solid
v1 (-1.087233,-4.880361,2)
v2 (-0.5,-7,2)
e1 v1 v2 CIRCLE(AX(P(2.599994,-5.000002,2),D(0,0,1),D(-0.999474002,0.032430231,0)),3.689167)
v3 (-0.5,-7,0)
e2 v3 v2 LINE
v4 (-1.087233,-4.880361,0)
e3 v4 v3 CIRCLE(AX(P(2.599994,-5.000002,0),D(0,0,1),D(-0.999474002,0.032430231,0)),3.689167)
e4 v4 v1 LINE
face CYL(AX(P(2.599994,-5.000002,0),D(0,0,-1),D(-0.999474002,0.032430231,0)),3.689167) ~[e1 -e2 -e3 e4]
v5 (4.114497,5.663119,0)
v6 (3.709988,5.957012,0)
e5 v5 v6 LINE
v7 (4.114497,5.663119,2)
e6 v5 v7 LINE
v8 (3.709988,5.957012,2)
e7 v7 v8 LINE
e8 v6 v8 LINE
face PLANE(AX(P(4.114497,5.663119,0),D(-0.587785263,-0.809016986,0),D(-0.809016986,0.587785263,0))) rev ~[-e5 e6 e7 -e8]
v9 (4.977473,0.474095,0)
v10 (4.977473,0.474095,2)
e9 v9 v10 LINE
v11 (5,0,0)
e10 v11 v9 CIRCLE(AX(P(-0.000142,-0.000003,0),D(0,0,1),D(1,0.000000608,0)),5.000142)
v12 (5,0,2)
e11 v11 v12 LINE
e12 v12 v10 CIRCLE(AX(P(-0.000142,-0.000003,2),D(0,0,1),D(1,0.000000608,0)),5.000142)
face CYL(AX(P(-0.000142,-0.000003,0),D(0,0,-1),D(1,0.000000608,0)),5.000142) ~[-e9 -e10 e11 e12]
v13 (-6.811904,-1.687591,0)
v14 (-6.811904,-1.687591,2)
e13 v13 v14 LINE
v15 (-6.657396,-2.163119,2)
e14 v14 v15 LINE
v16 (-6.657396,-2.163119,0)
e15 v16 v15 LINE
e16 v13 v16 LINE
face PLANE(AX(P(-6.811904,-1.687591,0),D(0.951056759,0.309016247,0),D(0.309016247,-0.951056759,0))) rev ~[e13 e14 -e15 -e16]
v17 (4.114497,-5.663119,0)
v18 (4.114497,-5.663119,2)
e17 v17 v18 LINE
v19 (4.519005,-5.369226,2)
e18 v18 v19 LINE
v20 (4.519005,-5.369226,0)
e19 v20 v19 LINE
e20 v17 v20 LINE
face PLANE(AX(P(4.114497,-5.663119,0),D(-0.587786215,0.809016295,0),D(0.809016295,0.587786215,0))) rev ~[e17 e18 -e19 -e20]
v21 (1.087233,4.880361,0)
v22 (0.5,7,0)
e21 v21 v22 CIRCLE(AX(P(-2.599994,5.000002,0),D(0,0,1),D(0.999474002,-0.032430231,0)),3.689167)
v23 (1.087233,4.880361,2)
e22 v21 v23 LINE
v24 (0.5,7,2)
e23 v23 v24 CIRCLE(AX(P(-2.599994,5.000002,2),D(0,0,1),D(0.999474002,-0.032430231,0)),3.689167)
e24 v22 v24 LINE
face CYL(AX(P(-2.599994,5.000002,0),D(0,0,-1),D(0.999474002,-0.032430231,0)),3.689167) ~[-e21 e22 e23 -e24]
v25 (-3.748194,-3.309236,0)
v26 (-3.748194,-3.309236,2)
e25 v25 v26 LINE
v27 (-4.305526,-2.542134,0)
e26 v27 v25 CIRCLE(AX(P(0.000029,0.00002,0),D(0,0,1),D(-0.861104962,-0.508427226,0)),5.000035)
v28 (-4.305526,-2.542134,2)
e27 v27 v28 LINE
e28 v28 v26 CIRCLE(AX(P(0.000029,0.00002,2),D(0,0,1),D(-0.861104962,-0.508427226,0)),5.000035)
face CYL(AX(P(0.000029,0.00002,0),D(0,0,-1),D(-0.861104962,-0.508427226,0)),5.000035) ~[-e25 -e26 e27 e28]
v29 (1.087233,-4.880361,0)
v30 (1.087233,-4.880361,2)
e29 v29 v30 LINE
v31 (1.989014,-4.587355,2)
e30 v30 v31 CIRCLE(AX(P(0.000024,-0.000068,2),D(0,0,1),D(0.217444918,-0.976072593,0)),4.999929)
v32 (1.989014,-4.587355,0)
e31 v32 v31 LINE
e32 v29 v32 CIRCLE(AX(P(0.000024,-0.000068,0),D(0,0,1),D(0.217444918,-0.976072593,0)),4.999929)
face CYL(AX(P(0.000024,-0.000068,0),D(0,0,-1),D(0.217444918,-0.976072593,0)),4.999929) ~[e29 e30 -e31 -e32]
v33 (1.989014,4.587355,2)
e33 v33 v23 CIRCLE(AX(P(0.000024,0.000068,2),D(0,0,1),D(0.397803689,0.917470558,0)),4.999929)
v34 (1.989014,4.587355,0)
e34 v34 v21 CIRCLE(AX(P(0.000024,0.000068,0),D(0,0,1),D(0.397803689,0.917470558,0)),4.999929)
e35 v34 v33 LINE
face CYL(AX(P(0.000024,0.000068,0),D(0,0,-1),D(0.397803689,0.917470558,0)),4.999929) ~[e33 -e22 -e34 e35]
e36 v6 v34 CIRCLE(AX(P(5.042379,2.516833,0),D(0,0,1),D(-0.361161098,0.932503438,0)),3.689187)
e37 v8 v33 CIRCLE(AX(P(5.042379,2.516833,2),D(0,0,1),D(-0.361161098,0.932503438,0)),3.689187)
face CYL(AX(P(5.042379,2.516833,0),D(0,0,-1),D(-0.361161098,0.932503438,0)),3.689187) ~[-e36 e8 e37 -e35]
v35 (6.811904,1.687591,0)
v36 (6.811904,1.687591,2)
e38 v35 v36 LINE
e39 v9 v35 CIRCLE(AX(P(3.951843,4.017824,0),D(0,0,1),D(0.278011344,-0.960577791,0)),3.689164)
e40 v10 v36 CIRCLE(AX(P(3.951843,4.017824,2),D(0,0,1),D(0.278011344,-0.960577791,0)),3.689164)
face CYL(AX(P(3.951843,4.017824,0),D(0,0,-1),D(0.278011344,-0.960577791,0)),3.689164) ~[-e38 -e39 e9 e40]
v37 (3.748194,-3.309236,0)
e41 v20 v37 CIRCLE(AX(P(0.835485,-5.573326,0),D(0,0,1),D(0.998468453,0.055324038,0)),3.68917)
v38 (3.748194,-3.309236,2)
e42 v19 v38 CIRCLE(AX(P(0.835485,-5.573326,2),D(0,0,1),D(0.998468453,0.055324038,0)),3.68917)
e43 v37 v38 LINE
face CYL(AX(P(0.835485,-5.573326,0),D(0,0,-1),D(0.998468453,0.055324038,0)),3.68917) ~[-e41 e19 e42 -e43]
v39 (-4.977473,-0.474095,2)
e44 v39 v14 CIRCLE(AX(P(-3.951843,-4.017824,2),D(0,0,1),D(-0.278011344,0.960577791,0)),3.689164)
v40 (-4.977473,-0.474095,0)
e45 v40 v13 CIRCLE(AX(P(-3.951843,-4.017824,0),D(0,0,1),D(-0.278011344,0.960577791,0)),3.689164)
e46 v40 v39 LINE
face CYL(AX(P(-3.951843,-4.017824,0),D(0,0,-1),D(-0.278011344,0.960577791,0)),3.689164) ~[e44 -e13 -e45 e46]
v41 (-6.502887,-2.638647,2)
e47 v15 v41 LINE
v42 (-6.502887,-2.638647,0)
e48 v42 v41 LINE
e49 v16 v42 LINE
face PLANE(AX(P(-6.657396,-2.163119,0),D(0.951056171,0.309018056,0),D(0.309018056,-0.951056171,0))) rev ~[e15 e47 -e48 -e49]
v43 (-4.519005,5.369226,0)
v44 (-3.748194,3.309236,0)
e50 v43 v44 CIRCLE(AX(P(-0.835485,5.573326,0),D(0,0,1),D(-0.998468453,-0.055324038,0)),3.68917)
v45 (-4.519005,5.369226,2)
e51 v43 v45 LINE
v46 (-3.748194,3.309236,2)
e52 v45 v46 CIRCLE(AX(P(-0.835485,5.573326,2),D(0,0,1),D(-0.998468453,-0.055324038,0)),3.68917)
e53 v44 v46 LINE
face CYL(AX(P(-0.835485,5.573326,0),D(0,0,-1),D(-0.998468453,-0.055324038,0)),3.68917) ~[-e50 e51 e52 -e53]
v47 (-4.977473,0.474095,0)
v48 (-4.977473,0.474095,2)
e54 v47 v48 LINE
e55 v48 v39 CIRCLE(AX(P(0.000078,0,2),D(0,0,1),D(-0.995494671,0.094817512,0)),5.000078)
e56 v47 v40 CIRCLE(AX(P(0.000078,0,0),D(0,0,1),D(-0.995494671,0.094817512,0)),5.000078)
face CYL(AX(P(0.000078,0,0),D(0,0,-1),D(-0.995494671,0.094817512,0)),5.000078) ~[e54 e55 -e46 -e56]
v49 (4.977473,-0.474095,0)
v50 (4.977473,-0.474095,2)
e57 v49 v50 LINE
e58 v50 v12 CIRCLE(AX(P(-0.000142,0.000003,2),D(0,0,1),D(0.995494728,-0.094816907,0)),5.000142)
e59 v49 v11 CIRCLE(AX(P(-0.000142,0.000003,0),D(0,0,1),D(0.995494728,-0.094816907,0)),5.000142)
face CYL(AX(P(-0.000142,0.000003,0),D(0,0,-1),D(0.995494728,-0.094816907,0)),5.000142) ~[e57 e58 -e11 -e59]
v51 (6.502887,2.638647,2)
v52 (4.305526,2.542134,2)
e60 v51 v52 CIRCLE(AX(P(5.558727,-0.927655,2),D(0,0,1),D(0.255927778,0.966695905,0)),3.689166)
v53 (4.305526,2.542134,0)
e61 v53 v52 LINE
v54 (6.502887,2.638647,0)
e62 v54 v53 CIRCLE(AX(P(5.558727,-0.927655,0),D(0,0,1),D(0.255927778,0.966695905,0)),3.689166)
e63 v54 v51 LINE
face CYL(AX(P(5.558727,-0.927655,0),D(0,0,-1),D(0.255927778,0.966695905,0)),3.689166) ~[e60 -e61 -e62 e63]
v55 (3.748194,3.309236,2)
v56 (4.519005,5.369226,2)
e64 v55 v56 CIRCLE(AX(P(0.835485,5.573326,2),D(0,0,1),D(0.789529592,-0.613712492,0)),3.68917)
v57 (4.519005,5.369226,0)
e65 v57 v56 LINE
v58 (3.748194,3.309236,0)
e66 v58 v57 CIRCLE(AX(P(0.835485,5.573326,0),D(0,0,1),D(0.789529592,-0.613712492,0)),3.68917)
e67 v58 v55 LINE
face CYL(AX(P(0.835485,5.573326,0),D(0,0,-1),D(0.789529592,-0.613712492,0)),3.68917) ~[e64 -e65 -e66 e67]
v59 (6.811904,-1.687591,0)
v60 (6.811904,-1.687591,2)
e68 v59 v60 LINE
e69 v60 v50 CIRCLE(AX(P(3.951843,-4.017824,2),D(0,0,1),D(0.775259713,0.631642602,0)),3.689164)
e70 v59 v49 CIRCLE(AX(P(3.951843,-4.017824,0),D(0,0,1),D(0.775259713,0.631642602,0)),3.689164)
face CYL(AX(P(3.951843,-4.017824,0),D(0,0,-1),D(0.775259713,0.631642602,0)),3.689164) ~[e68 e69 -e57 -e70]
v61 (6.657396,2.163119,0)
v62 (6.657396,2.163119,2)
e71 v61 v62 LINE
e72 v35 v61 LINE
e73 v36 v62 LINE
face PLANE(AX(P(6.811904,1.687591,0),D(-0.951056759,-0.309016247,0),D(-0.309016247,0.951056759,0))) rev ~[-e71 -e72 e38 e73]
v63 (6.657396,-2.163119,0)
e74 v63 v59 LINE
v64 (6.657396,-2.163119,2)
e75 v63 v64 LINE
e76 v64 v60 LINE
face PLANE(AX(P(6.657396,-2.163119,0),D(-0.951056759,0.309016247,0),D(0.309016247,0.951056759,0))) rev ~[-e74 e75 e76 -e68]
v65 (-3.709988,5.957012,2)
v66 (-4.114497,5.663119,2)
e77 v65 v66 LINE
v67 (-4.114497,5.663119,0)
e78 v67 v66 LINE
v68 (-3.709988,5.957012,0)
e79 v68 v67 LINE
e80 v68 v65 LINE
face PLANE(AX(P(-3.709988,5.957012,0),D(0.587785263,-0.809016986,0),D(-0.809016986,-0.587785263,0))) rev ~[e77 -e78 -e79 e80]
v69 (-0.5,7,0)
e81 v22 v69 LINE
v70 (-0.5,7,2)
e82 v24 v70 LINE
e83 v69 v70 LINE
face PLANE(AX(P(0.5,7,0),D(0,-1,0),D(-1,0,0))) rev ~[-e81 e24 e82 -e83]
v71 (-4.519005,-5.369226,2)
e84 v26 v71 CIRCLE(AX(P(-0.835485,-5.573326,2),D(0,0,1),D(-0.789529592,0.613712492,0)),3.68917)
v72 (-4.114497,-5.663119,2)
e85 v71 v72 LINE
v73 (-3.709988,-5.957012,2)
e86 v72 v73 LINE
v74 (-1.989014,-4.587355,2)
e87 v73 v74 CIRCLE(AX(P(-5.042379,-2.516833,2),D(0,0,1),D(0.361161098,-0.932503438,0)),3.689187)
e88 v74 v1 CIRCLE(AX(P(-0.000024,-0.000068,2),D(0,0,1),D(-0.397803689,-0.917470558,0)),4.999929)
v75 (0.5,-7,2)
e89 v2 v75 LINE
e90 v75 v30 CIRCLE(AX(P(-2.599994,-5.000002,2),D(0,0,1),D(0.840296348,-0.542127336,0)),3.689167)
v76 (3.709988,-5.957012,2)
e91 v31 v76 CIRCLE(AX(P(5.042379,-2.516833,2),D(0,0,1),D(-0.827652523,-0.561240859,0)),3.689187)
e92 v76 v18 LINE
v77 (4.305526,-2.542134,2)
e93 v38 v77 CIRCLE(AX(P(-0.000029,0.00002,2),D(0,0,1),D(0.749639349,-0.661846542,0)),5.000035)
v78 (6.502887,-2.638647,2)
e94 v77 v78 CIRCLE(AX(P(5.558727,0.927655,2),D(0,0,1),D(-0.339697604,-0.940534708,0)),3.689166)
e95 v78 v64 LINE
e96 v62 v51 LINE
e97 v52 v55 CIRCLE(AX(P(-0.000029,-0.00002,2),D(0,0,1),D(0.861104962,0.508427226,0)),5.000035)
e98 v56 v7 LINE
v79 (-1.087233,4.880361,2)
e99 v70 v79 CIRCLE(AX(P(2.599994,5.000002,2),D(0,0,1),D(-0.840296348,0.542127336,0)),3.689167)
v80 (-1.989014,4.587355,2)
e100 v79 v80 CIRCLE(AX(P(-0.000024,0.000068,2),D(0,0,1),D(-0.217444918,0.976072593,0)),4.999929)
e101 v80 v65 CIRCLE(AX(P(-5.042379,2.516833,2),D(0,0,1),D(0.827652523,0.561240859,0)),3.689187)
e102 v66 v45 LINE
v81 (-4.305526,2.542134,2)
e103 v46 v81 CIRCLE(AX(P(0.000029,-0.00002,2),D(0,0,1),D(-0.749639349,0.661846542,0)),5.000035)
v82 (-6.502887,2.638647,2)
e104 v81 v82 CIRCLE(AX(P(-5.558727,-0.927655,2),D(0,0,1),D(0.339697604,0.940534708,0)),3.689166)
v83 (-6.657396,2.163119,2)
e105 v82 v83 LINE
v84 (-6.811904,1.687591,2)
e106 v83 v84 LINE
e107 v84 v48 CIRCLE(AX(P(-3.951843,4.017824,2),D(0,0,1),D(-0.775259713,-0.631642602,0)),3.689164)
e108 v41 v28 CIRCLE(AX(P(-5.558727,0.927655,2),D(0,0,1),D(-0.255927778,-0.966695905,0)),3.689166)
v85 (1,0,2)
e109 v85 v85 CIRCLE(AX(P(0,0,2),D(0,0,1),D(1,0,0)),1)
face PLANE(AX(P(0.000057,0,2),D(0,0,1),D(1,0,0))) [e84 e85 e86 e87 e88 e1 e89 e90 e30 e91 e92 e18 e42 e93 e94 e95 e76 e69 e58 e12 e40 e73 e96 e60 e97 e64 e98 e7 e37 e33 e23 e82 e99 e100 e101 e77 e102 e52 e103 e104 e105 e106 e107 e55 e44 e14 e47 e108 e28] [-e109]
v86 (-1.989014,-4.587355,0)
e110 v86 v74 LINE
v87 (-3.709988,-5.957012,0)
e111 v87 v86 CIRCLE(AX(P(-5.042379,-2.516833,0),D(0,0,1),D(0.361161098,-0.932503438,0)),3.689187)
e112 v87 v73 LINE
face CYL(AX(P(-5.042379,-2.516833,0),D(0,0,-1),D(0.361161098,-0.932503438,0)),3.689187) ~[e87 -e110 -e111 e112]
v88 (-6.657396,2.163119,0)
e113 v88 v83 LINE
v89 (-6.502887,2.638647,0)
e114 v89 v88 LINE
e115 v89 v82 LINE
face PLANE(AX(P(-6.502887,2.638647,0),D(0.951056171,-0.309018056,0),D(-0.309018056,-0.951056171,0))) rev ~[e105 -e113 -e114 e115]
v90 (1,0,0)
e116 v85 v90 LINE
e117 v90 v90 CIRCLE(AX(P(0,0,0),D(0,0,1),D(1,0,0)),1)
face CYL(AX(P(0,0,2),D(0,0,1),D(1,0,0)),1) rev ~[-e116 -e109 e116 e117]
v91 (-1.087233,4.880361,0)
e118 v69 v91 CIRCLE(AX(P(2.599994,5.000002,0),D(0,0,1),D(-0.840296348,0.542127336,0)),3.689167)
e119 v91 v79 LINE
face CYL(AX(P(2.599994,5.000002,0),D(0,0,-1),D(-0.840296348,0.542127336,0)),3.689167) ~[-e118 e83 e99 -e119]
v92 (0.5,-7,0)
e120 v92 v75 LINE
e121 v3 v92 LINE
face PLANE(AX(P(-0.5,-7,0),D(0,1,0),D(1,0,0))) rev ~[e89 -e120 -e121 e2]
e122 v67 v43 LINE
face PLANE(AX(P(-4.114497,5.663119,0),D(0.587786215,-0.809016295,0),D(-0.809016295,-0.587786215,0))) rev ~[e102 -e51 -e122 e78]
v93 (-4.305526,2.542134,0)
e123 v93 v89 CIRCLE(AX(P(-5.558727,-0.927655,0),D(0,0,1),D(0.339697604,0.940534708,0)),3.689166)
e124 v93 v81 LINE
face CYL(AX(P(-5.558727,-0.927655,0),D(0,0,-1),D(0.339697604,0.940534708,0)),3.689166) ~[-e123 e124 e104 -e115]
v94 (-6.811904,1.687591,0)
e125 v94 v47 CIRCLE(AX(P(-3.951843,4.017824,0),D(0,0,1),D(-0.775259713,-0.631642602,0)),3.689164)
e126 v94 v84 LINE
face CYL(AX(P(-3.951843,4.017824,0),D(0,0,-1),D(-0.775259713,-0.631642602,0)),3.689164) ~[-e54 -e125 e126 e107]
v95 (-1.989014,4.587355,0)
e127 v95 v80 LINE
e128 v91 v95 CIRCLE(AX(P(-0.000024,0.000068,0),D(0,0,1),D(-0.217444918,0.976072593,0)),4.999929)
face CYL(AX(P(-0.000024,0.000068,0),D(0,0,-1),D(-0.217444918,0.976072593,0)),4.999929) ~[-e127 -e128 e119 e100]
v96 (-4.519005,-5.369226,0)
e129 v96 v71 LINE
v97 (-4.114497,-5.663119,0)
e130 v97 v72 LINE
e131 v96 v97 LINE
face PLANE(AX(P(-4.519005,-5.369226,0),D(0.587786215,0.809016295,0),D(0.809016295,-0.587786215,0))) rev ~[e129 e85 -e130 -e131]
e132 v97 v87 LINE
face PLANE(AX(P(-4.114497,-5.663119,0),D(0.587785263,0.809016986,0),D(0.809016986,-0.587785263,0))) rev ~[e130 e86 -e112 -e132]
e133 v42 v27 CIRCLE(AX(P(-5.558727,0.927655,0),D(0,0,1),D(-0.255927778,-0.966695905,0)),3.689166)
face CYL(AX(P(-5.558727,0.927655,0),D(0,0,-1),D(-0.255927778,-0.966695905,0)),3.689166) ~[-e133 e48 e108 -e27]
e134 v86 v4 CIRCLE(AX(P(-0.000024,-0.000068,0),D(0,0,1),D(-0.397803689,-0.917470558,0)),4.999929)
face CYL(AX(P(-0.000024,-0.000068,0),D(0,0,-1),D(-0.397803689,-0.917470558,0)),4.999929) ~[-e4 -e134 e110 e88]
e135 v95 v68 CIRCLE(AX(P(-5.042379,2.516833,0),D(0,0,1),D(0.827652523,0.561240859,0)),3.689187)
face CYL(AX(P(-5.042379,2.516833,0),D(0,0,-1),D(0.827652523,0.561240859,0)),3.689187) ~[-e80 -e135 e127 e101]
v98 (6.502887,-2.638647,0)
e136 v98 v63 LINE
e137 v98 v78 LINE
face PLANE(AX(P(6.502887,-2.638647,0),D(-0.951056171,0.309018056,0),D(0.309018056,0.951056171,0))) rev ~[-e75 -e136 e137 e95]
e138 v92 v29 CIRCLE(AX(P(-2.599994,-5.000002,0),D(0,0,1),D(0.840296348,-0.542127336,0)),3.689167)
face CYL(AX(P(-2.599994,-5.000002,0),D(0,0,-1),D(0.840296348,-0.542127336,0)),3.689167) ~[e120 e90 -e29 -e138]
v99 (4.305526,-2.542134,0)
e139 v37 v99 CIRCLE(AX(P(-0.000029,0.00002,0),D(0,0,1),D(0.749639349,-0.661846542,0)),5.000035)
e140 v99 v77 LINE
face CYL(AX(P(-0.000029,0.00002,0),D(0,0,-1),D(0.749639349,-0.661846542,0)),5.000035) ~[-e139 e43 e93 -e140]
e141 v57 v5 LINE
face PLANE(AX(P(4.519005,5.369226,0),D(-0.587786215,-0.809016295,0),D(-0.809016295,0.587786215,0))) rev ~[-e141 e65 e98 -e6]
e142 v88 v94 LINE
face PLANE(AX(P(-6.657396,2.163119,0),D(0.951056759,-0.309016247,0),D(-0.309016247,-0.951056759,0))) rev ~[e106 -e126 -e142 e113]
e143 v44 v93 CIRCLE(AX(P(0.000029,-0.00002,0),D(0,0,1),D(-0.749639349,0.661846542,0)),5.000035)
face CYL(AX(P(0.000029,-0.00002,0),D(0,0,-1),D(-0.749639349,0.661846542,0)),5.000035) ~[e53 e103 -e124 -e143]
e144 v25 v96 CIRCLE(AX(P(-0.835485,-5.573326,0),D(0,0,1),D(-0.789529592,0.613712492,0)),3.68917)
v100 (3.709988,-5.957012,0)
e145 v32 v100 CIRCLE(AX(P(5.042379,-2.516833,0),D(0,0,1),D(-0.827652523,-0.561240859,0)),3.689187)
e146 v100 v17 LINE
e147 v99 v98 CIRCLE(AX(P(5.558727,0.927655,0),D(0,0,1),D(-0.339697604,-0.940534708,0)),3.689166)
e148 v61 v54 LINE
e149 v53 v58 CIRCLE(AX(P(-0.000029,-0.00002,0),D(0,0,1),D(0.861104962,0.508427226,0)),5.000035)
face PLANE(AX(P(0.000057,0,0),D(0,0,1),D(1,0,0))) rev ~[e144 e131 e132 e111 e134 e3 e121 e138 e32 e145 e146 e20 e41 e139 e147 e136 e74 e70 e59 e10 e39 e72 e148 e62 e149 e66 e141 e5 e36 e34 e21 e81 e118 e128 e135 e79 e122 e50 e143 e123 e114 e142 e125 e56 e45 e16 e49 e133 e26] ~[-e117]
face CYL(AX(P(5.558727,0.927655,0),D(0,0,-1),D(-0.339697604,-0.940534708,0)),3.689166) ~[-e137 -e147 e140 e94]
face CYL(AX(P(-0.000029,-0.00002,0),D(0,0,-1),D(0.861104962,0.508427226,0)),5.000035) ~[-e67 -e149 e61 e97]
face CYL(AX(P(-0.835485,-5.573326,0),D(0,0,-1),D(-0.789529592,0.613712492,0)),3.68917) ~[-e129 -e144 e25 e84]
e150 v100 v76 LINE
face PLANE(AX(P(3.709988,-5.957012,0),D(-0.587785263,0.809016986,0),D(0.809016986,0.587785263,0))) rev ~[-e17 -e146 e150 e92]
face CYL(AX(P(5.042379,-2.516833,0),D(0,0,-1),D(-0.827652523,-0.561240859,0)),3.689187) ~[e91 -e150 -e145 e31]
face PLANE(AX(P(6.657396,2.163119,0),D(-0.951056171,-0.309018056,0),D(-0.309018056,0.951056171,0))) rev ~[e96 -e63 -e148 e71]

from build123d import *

# Parameters (mm, degrees)
F1_DEPTH = 2
F2_R     = 1
F3_DEPTH = 2.001


with BuildPart() as f1:
    # F0 (on Top) → F1 (new body)
    with BuildSketch(Plane.XY):
        with BuildLine():
            ThreePointArc((4.977473, -0.474095), (4.994365, -0.237315), (5, 0))
            ThreePointArc((5, 0), (4.994365, 0.237315), (4.977473, 0.474095))
            ThreePointArc((4.977473, 0.474095), (4.755283, 1.545085), (4.305526, 2.542134))
            ThreePointArc((4.305526, 2.542134), (4.045085, 2.938926), (3.748194, 3.309236))
            ThreePointArc((3.748194, 3.309236), (2.938926, 4.045085), (1.989014, 4.587355))
            ThreePointArc((1.989014, 4.587355), (1.545085, 4.755283), (1.087233, 4.880361))
            ThreePointArc((1.087233, 4.880361), (0, 5), (-1.087233, 4.880361))
            ThreePointArc((-1.087233, 4.880361), (-1.545085, 4.755283), (-1.989014, 4.587355))
            ThreePointArc((-1.989014, 4.587355), (-2.938926, 4.045085), (-3.748194, 3.309236))
            ThreePointArc((-3.748194, 3.309236), (-4.045085, 2.938926), (-4.305526, 2.542134))
            ThreePointArc((-4.305526, 2.542134), (-4.755283, 1.545085), (-4.977473, 0.474095))
            ThreePointArc((-4.977473, 0.474095), (-5, 0), (-4.977473, -0.474095))
            ThreePointArc((-4.977473, -0.474095), (-4.755283, -1.545085), (-4.305526, -2.542134))
            ThreePointArc((-4.305526, -2.542134), (-4.045085, -2.938926), (-3.748194, -3.309236))
            ThreePointArc((-3.748194, -3.309236), (-2.938926, -4.045085), (-1.989014, -4.587355))
            ThreePointArc((-1.989014, -4.587355), (-1.545085, -4.755283), (-1.087233, -4.880361))
            ThreePointArc((-1.087233, -4.880361), (0, -5), (1.087233, -4.880361))
            ThreePointArc((1.087233, -4.880361), (1.545085, -4.755283), (1.989014, -4.587355))
            ThreePointArc((1.989014, -4.587355), (2.938926, -4.045085), (3.748194, -3.309236))
            ThreePointArc((3.748194, -3.309236), (4.045085, -2.938926), (4.305526, -2.542134))
            ThreePointArc((4.305526, -2.542134), (4.755283, -1.545085), (4.977473, -0.474095))
        make_face()
        with BuildLine():
            ThreePointArc((4.305526, 2.542134), (4.755283, 1.545085), (4.977473, 0.474095))
            ThreePointArc((4.977473, 0.474095), (5.987228, 0.940952), (6.811904, 1.687591))
            Line((6.811904, 1.687591), (6.657396, 2.163119))
            Line((6.657396, 2.163119), (6.502887, 2.638647))
            ThreePointArc((6.502887, 2.638647), (5.396847, 2.757958), (4.305526, 2.542134))
        make_face()
        with BuildLine():
            ThreePointArc((6.811904, -1.687591), (5.987228, -0.940952), (4.977473, -0.474095))
            ThreePointArc((4.977473, -0.474095), (4.755283, -1.545085), (4.305526, -2.542134))
            ThreePointArc((4.305526, -2.542134), (5.396847, -2.757958), (6.502887, -2.638647))
            Line((6.502887, -2.638647), (6.657396, -2.163119))
            Line((6.657396, -2.163119), (6.811904, -1.687591))
        make_face()
        with BuildLine():
            ThreePointArc((1.989014, 4.587355), (2.938926, 4.045085), (3.748194, 3.309236))
            ThreePointArc((3.748194, 3.309236), (4.290691, 4.28045), (4.519005, 5.369226))
            Line((4.519005, 5.369226), (4.114497, 5.663119))
            Line((4.114497, 5.663119), (3.709988, 5.957012))
            ThreePointArc((3.709988, 5.957012), (2.745054, 5.403422), (1.989014, 4.587355))
        make_face()
        with BuildLine():
            ThreePointArc((4.519005, -5.369226), (4.290691, -4.28045), (3.748194, -3.309236))
            ThreePointArc((3.748194, -3.309236), (2.938926, -4.045085), (1.989014, -4.587355))
            ThreePointArc((1.989014, -4.587355), (2.745054, -5.403422), (3.709988, -5.957012))
            Line((3.709988, -5.957012), (4.114497, -5.663119))
            Line((4.114497, -5.663119), (4.519005, -5.369226))
        make_face()
        with BuildLine():
            ThreePointArc((-1.087233, 4.880361), (0, 5), (1.087233, 4.880361))
            ThreePointArc((1.087233, 4.880361), (0.955257, 5.984962), (0.5, 7))
            Line((0.5, 7), (0, 7))
            Line((0, 7), (-0.5, 7))
            ThreePointArc((-0.5, 7), (-0.955257, 5.984962), (-1.087233, 4.880361))
        make_face()
        with BuildLine():
            ThreePointArc((0.5, -7), (0.955257, -5.984962), (1.087233, -4.880361))
            ThreePointArc((1.087233, -4.880361), (0, -5), (-1.087233, -4.880361))
            ThreePointArc((-1.087233, -4.880361), (-0.955257, -5.984962), (-0.5, -7))
            Line((-0.5, -7), (0, -7))
            Line((0, -7), (0.5, -7))
        make_face()
        with BuildLine():
            ThreePointArc((-3.748194, 3.309236), (-2.938926, 4.045085), (-1.989014, 4.587355))
            ThreePointArc((-1.989014, 4.587355), (-2.745054, 5.403422), (-3.709988, 5.957012))
            Line((-3.709988, 5.957012), (-4.114497, 5.663119))
            Line((-4.114497, 5.663119), (-4.519005, 5.369226))
            ThreePointArc((-4.519005, 5.369226), (-4.290691, 4.28045), (-3.748194, 3.309236))
        make_face()
        with BuildLine():
            ThreePointArc((-3.709988, -5.957012), (-2.745054, -5.403422), (-1.989014, -4.587355))
            ThreePointArc((-1.989014, -4.587355), (-2.938926, -4.045085), (-3.748194, -3.309236))
            ThreePointArc((-3.748194, -3.309236), (-4.290691, -4.28045), (-4.519005, -5.369226))
            Line((-4.519005, -5.369226), (-4.114497, -5.663119))
            Line((-4.114497, -5.663119), (-3.709988, -5.957012))
        make_face()
        with BuildLine():
            ThreePointArc((-4.977473, 0.474095), (-4.755283, 1.545085), (-4.305526, 2.542134))
            ThreePointArc((-4.305526, 2.542134), (-5.396847, 2.757958), (-6.502887, 2.638647))
            Line((-6.502887, 2.638647), (-6.657396, 2.163119))
            Line((-6.657396, 2.163119), (-6.811904, 1.687591))
            ThreePointArc((-6.811904, 1.687591), (-5.987228, 0.940952), (-4.977473, 0.474095))
        make_face()
        with BuildLine():
            ThreePointArc((-6.502887, -2.638647), (-5.396847, -2.757958), (-4.305526, -2.542134))
            ThreePointArc((-4.305526, -2.542134), (-4.755283, -1.545085), (-4.977473, -0.474095))
            ThreePointArc((-4.977473, -0.474095), (-5.987228, -0.940952), (-6.811904, -1.687591))
            Line((-6.811904, -1.687591), (-6.657396, -2.163119))
            Line((-6.657396, -2.163119), (-6.502887, -2.638647))
        make_face()
    extrude(amount=F1_DEPTH)

    # F2 (on face) → F3 (cut, through all)
    with BuildSketch(Plane.XY.offset(2)):
        Circle(F2_R)
    extrude(amount=-F3_DEPTH, mode=Mode.SUBTRACT)


solid = f1.part
